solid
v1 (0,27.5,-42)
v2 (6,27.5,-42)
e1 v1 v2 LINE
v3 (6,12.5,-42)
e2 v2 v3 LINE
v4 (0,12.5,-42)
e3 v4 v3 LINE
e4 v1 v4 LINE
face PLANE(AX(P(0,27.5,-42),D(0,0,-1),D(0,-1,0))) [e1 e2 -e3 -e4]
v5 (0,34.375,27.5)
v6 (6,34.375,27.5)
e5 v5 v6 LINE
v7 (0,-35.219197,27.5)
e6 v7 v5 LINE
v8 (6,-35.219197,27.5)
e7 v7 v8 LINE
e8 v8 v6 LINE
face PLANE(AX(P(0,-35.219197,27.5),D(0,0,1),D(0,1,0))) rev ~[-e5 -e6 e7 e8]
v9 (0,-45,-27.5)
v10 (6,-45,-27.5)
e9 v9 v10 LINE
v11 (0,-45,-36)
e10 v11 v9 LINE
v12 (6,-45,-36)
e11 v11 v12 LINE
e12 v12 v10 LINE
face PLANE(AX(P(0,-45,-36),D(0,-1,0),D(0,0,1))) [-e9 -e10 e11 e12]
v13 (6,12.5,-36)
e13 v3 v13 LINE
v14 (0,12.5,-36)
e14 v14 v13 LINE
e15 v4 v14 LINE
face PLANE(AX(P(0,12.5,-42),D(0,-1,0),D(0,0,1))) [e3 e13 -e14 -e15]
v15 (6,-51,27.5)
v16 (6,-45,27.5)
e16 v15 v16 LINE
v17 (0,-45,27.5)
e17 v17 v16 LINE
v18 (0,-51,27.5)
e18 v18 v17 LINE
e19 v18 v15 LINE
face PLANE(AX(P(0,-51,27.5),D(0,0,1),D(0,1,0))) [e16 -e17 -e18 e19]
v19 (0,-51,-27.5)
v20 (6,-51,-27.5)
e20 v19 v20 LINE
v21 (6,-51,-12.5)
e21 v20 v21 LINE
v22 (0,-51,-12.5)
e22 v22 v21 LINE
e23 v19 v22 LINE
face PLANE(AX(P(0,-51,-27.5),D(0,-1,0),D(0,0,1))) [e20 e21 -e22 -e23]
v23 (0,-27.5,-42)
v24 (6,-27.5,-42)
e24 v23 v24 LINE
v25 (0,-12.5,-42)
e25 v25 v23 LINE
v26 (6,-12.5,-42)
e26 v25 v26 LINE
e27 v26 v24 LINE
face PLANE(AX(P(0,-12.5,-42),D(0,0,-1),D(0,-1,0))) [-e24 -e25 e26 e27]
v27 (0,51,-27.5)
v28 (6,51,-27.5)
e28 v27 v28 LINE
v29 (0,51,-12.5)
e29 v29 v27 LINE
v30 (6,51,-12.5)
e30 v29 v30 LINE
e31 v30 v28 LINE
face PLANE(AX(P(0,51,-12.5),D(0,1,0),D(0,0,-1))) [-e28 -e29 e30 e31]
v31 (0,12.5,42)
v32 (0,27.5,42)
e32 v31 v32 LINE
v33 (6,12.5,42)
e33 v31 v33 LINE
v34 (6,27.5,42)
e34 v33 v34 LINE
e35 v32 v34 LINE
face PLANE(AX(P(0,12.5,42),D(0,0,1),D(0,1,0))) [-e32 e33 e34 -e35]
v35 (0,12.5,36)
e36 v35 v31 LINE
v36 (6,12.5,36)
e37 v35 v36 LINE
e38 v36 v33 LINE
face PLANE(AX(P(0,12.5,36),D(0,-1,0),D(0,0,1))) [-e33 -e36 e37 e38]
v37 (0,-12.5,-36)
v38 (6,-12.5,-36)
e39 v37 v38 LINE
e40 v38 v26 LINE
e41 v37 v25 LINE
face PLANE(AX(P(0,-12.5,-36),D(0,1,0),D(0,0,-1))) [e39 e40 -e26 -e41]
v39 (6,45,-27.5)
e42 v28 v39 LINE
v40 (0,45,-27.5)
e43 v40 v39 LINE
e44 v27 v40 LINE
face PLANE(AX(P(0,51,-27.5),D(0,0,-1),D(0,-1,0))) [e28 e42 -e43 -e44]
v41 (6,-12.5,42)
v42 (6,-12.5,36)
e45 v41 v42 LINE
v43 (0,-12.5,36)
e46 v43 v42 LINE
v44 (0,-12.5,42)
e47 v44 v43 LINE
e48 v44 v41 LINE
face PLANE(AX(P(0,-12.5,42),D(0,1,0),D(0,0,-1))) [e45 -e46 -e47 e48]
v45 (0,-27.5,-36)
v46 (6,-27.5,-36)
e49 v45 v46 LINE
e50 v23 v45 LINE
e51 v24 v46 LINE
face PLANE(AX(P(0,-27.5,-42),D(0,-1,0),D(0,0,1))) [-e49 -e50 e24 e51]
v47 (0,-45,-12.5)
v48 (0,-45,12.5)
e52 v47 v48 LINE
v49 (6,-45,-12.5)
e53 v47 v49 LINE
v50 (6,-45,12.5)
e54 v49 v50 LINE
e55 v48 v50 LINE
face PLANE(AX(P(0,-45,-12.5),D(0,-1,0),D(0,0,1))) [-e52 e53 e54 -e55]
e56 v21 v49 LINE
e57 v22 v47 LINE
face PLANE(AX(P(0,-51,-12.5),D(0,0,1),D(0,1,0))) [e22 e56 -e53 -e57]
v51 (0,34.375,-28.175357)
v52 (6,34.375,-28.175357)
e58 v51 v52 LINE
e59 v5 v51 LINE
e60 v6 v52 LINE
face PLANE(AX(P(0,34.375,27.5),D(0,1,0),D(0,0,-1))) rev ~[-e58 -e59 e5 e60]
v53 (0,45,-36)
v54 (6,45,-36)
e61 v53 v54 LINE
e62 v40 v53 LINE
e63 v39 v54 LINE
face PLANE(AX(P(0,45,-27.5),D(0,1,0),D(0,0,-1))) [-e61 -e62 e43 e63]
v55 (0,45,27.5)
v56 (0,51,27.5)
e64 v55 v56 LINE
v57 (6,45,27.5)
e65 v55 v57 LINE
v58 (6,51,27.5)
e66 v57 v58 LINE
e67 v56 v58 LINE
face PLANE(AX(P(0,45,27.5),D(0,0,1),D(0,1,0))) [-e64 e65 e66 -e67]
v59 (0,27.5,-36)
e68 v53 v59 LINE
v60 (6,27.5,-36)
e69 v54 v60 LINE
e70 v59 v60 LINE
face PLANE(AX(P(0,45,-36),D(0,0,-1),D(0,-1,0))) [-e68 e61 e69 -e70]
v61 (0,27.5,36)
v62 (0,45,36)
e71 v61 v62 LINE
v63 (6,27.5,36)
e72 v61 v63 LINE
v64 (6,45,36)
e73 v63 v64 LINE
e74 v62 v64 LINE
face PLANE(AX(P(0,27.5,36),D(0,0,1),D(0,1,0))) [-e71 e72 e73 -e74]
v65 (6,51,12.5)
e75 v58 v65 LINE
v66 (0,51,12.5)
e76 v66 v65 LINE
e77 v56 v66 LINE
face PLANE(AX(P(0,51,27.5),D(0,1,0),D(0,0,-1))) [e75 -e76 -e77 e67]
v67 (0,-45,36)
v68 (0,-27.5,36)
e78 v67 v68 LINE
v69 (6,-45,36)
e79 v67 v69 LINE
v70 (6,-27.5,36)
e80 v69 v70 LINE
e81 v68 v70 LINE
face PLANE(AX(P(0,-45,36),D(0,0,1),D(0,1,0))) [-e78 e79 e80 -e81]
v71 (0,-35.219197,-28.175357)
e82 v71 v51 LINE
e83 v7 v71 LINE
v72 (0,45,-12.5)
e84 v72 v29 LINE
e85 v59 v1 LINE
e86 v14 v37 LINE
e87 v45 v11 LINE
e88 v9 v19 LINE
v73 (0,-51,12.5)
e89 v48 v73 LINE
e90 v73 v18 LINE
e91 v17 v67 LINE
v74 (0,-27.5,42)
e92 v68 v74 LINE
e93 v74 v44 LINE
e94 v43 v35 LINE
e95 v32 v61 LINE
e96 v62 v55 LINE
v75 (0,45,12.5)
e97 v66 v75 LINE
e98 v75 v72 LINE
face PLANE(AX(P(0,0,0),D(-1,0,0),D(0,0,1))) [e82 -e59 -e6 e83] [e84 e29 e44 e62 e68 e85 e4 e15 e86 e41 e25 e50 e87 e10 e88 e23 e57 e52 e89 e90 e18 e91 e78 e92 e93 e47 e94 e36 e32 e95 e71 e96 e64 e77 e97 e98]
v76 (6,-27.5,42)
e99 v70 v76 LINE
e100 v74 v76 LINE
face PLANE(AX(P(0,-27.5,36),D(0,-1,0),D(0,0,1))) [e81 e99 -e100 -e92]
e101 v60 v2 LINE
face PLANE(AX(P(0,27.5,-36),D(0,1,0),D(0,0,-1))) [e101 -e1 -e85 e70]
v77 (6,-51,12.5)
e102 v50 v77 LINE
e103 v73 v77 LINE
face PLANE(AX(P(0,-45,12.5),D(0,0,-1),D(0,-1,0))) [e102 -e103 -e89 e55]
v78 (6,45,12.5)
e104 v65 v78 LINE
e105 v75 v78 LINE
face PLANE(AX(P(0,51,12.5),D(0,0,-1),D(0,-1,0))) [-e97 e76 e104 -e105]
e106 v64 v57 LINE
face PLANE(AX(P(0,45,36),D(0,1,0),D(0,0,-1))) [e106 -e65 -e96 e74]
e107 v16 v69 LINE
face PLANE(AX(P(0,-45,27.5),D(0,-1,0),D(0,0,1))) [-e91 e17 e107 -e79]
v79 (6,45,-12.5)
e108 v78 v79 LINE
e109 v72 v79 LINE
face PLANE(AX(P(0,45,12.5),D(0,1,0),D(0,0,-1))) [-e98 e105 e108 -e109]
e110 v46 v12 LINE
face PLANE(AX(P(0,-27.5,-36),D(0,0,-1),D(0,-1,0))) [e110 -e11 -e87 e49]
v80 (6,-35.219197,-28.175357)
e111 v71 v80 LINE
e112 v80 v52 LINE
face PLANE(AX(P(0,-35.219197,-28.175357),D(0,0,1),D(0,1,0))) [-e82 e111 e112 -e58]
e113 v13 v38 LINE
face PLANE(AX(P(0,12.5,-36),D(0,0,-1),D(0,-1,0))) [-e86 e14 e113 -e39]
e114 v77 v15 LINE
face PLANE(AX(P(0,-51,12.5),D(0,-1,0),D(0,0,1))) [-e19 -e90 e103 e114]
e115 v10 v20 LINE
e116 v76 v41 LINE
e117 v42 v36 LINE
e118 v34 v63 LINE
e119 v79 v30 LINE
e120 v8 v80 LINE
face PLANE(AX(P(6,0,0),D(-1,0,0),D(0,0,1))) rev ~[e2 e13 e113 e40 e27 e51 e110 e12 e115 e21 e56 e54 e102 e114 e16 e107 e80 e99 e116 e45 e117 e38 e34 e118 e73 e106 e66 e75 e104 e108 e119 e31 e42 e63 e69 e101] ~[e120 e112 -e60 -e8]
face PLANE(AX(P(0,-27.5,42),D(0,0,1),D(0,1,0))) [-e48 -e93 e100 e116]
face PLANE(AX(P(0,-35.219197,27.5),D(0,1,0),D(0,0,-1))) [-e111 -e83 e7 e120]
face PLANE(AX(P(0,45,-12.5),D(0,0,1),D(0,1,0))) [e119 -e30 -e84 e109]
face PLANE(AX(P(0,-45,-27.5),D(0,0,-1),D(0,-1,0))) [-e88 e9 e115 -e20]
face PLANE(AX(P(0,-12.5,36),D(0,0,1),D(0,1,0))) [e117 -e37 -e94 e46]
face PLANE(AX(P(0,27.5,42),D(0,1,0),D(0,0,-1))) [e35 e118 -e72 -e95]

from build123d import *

# Parameters (mm, degrees)
SKETCH1_W           = 55.675357375
SKETCH1_H           = 69.594196719
BOSS_EXTRUDE1_DEPTH = 6


with BuildPart() as part:
    # Sketch1 → Boss-Extrude1 (new body)
    with BuildSketch(Plane(origin=(0, 0, 0), x_dir=(0, 0, -1), z_dir=(1, 0, 0))):
        Polygon((36, -45), (27.5, -45), (27.5, -51), (12.5, -51), (12.5, -45), (-12.5, -45), (-12.5, -51), (-27.5, -51), (-27.5, -45), (-36, -45), (-36, -27.5), (-42, -27.5), (-42, -12.5), (-36, -12.5), (-36, 12.5), (-42, 12.5), (-42, 27.5), (-36, 27.5), (-36, 45), (-27.5, 45), (-27.5, 51), (-12.5, 51), (-12.5, 45), (12.5, 45), (12.5, 51), (27.5, 51), (27.5, 45), (36, 45), (36, 27.5), (42, 27.5), (42, 12.5), (36, 12.5), (36, -12.5), (42, -12.5), (42, -27.5), (36, -27.5), align=None)
        with Locations((0.337678688, -0.42209836)):
            Rectangle(SKETCH1_W, SKETCH1_H, mode=Mode.SUBTRACT)
    extrude(amount=BOSS_EXTRUDE1_DEPTH)


solid = part.part
